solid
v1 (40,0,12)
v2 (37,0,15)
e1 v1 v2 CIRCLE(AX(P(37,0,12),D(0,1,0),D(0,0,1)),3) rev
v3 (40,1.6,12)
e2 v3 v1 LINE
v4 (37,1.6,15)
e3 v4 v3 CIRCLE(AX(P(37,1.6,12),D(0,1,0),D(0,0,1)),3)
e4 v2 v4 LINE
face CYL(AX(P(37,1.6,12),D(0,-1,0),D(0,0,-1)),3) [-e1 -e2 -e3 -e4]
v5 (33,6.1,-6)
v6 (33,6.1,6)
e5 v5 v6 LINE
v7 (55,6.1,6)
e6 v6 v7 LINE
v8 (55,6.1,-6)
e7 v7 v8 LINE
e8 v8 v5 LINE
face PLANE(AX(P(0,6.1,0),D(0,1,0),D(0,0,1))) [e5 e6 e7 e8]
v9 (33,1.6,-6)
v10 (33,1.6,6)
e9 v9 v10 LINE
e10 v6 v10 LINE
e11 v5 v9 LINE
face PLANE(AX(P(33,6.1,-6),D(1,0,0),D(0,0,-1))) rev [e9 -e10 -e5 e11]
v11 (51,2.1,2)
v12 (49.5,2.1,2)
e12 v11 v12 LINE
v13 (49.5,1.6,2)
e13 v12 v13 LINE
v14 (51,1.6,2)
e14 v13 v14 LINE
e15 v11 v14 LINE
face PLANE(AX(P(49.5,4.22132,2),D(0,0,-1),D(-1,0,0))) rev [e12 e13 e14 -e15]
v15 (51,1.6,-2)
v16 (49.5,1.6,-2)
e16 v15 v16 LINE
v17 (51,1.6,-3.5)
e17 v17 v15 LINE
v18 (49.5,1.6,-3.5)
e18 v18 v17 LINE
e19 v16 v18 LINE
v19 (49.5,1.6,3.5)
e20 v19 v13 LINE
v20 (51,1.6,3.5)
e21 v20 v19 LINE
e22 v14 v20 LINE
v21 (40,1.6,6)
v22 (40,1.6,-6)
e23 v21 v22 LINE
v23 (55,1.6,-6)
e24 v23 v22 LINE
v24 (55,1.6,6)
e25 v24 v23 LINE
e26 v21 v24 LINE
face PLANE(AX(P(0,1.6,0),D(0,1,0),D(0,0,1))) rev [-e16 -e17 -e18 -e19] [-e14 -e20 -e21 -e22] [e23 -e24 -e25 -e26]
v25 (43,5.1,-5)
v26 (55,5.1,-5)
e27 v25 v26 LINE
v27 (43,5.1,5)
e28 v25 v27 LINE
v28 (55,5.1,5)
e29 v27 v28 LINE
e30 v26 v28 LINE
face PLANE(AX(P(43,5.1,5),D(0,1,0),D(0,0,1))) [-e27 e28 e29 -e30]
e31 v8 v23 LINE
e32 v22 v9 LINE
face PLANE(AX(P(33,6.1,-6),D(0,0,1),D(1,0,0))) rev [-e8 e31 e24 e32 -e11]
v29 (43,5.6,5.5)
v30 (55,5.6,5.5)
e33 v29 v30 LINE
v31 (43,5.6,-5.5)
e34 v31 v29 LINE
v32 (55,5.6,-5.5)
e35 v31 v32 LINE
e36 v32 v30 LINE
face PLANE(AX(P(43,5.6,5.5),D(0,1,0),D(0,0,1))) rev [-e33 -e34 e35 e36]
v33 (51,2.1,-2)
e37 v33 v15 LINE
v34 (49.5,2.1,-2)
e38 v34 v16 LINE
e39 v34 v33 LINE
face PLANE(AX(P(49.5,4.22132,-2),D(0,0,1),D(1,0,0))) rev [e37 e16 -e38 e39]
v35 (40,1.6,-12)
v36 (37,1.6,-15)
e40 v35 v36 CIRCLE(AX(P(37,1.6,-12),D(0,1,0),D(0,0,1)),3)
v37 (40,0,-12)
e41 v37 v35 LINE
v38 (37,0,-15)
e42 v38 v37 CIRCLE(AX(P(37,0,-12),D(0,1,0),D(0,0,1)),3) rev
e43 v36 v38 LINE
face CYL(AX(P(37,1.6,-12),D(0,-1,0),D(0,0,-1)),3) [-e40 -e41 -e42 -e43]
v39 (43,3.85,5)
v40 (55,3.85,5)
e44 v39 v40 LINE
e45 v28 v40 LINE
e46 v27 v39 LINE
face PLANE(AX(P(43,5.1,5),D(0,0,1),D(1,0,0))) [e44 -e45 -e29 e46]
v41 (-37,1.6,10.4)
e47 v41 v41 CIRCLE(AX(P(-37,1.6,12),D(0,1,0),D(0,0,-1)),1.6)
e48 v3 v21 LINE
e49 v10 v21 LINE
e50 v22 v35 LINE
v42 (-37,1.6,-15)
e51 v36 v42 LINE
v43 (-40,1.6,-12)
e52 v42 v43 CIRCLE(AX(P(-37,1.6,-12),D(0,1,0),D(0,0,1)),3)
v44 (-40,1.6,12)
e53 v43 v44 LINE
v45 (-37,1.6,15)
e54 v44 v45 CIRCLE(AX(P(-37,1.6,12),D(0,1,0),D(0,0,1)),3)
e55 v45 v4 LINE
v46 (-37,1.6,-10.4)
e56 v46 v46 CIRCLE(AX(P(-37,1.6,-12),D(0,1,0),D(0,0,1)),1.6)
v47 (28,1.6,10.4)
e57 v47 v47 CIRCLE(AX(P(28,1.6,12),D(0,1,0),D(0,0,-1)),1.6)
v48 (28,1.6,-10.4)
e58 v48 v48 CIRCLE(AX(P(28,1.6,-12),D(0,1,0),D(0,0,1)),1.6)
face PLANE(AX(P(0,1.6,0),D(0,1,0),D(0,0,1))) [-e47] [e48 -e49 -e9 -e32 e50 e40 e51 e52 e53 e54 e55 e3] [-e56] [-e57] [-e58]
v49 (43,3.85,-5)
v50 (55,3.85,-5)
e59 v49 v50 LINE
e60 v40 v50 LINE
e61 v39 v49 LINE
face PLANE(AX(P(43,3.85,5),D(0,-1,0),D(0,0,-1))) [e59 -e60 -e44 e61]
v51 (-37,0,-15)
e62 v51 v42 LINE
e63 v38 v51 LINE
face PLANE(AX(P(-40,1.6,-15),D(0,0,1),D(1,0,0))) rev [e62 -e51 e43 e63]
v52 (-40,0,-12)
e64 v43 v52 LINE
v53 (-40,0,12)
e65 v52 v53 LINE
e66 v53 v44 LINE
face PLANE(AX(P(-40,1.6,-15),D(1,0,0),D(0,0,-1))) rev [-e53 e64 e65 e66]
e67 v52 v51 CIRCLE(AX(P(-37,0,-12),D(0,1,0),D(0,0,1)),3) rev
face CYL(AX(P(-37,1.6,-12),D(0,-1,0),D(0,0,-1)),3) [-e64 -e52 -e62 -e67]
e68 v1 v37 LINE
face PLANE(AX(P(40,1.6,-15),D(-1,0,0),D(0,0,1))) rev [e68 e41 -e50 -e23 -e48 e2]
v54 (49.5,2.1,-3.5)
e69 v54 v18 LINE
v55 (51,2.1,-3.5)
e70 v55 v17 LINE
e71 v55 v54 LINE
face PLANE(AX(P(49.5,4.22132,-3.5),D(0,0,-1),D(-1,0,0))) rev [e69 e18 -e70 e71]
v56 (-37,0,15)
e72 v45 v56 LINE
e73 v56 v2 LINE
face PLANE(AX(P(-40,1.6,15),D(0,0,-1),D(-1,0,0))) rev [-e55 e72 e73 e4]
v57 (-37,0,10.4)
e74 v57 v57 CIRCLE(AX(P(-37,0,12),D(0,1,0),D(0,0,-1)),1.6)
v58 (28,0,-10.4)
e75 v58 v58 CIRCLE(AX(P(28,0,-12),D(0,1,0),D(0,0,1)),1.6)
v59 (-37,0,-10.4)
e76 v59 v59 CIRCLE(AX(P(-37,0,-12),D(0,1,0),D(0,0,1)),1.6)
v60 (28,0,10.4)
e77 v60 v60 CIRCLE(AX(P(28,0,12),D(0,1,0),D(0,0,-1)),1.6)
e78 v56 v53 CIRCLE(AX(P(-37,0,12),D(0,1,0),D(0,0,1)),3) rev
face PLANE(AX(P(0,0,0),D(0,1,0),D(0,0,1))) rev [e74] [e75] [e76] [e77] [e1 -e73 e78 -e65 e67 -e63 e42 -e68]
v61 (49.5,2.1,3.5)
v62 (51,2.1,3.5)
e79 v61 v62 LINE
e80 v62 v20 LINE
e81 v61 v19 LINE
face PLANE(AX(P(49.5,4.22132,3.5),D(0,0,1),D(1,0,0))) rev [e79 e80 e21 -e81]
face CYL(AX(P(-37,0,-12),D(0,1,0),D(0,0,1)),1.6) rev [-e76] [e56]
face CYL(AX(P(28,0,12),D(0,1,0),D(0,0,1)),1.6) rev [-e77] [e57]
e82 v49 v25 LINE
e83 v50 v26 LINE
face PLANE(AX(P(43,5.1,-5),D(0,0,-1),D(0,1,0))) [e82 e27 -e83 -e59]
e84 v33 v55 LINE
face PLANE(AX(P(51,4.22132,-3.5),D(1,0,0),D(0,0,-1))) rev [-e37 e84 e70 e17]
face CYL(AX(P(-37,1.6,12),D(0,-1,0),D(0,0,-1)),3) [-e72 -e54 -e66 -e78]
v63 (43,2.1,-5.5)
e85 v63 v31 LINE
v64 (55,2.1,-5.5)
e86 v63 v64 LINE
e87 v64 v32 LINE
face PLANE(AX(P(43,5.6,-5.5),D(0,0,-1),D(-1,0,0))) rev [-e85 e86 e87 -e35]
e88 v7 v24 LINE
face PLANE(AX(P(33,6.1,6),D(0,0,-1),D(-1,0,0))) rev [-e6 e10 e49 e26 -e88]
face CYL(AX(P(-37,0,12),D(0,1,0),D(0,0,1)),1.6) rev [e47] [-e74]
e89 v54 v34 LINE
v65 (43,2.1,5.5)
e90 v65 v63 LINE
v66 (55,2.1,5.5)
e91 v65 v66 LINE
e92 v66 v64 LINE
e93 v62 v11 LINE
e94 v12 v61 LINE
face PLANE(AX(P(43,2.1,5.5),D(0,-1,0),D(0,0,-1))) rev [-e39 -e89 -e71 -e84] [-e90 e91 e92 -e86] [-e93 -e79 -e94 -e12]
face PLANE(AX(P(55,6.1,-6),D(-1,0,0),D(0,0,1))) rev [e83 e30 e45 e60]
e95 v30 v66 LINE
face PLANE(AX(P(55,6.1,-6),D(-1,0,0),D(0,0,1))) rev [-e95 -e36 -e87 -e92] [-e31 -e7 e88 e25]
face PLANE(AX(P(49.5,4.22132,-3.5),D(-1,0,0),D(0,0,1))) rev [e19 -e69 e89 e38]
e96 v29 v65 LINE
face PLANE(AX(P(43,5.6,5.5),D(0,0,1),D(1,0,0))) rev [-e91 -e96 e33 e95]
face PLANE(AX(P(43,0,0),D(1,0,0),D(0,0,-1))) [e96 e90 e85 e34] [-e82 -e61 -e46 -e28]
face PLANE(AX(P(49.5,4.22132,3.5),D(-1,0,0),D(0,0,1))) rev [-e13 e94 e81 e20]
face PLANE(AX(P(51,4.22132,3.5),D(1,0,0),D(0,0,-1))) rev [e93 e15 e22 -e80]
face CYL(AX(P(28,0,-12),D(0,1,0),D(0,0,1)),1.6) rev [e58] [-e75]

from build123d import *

# Parameters (mm, degrees)
PCB_OUTLINE_W                  = 80
PCB_OUTLINE_H                  = 30
PCB_BASE_DEPTH                 = 1.6
SKETCH3_W                      = 22
SKETCH3_H                      = 12
USB_CONNECTTOR_DUMMY_DEPTH     = 4.5
HOLE_LOCATIONS_R               = 1.6
MOUNTING_HOLES_DEPTH           = 58.18609971
SKETCH4_W                      = 11
SKETCH4_H                      = 3.5
SKETCH4_W_2                    = 10
SKETCH4_H_2                    = 1.25
USB_CONNECTOR_DUMMY_HOLE_DEPTH = 12
FILLET1_R                      = 3
SKETCH5_W                      = 1.5
SKETCH5_H                      = 1.5
CUT_EXTRUDE1_DEPTH             = 0.5


with BuildPart() as part:
    # PCB_Outline → PCB_Base (new body)
    with BuildSketch(Plane(origin=(0, 0, 0), x_dir=(1, 0, 0), z_dir=(0, 1, 0))):
        Rectangle(PCB_OUTLINE_W, PCB_OUTLINE_H)
    extrude(amount=PCB_BASE_DEPTH)

    # Sketch3 → USB_Connecttor_Dummy (add)
    with BuildSketch(Plane(origin=(0, 1.6, 0), x_dir=(1, 0, 0), z_dir=(0, 1, 0))):
        with Locations((44, 0)):
            Rectangle(SKETCH3_W, SKETCH3_H)
    extrude(amount=USB_CONNECTTOR_DUMMY_DEPTH)

    # Hole_Locations → Mounting_Holes (cut, through all)
    with BuildSketch(Plane(origin=(0, 1.6, 0), x_dir=(1, 0, 0), z_dir=(0, 1, 0))):
        with Locations(Location((-37, 12, 0), (0, 0, 270))):
            Circle(HOLE_LOCATIONS_R)
        with Locations(Location((28, 12, 0), (0, 0, 270))):
            Circle(HOLE_LOCATIONS_R)
        with Locations(Location((-37, -12, 0), (0, 0, 90))):
            Circle(HOLE_LOCATIONS_R)
        with Locations(Location((28, -12, 0), (0, 0, 90))):
            Circle(HOLE_LOCATIONS_R)
    extrude(amount=-MOUNTING_HOLES_DEPTH, mode=Mode.SUBTRACT)

    # Sketch4 → USB_Connector_Dummy_Hole (cut)
    with BuildSketch(Plane(origin=(55, 0, 0), x_dir=(0, 0, -1), z_dir=(1, 0, 0))):
        with Locations((0, 3.85)):
            Rectangle(SKETCH4_W, SKETCH4_H)
        with Locations((0, 4.475)):
            Rectangle(SKETCH4_W_2, SKETCH4_H_2, mode=Mode.SUBTRACT)
    extrude(amount=-USB_CONNECTOR_DUMMY_HOLE_DEPTH, mode=Mode.SUBTRACT)

    # Fillet1
    fillet1_edges = [part.edges().sort_by_distance(p)[0] for p in [
        (40, 0.8, 15),
        (-40, 0.8, 15),
        (-40, 0.8, -15),
        (40, 0.8, -15),
    ]]
    fillet(fillet1_edges, radius=FILLET1_R)

    # Sketch5 → Cut-Extrude1 (cut)
    with BuildSketch(Plane.XZ.offset(-1.6)):
        with Locations((50.25, -2.75)):
            Rectangle(SKETCH5_W, SKETCH5_H)
        with Locations((50.25, 2.75)):
            Rectangle(SKETCH5_W, SKETCH5_H)
    extrude(amount=-CUT_EXTRUDE1_DEPTH, mode=Mode.SUBTRACT)


solid = part.part
